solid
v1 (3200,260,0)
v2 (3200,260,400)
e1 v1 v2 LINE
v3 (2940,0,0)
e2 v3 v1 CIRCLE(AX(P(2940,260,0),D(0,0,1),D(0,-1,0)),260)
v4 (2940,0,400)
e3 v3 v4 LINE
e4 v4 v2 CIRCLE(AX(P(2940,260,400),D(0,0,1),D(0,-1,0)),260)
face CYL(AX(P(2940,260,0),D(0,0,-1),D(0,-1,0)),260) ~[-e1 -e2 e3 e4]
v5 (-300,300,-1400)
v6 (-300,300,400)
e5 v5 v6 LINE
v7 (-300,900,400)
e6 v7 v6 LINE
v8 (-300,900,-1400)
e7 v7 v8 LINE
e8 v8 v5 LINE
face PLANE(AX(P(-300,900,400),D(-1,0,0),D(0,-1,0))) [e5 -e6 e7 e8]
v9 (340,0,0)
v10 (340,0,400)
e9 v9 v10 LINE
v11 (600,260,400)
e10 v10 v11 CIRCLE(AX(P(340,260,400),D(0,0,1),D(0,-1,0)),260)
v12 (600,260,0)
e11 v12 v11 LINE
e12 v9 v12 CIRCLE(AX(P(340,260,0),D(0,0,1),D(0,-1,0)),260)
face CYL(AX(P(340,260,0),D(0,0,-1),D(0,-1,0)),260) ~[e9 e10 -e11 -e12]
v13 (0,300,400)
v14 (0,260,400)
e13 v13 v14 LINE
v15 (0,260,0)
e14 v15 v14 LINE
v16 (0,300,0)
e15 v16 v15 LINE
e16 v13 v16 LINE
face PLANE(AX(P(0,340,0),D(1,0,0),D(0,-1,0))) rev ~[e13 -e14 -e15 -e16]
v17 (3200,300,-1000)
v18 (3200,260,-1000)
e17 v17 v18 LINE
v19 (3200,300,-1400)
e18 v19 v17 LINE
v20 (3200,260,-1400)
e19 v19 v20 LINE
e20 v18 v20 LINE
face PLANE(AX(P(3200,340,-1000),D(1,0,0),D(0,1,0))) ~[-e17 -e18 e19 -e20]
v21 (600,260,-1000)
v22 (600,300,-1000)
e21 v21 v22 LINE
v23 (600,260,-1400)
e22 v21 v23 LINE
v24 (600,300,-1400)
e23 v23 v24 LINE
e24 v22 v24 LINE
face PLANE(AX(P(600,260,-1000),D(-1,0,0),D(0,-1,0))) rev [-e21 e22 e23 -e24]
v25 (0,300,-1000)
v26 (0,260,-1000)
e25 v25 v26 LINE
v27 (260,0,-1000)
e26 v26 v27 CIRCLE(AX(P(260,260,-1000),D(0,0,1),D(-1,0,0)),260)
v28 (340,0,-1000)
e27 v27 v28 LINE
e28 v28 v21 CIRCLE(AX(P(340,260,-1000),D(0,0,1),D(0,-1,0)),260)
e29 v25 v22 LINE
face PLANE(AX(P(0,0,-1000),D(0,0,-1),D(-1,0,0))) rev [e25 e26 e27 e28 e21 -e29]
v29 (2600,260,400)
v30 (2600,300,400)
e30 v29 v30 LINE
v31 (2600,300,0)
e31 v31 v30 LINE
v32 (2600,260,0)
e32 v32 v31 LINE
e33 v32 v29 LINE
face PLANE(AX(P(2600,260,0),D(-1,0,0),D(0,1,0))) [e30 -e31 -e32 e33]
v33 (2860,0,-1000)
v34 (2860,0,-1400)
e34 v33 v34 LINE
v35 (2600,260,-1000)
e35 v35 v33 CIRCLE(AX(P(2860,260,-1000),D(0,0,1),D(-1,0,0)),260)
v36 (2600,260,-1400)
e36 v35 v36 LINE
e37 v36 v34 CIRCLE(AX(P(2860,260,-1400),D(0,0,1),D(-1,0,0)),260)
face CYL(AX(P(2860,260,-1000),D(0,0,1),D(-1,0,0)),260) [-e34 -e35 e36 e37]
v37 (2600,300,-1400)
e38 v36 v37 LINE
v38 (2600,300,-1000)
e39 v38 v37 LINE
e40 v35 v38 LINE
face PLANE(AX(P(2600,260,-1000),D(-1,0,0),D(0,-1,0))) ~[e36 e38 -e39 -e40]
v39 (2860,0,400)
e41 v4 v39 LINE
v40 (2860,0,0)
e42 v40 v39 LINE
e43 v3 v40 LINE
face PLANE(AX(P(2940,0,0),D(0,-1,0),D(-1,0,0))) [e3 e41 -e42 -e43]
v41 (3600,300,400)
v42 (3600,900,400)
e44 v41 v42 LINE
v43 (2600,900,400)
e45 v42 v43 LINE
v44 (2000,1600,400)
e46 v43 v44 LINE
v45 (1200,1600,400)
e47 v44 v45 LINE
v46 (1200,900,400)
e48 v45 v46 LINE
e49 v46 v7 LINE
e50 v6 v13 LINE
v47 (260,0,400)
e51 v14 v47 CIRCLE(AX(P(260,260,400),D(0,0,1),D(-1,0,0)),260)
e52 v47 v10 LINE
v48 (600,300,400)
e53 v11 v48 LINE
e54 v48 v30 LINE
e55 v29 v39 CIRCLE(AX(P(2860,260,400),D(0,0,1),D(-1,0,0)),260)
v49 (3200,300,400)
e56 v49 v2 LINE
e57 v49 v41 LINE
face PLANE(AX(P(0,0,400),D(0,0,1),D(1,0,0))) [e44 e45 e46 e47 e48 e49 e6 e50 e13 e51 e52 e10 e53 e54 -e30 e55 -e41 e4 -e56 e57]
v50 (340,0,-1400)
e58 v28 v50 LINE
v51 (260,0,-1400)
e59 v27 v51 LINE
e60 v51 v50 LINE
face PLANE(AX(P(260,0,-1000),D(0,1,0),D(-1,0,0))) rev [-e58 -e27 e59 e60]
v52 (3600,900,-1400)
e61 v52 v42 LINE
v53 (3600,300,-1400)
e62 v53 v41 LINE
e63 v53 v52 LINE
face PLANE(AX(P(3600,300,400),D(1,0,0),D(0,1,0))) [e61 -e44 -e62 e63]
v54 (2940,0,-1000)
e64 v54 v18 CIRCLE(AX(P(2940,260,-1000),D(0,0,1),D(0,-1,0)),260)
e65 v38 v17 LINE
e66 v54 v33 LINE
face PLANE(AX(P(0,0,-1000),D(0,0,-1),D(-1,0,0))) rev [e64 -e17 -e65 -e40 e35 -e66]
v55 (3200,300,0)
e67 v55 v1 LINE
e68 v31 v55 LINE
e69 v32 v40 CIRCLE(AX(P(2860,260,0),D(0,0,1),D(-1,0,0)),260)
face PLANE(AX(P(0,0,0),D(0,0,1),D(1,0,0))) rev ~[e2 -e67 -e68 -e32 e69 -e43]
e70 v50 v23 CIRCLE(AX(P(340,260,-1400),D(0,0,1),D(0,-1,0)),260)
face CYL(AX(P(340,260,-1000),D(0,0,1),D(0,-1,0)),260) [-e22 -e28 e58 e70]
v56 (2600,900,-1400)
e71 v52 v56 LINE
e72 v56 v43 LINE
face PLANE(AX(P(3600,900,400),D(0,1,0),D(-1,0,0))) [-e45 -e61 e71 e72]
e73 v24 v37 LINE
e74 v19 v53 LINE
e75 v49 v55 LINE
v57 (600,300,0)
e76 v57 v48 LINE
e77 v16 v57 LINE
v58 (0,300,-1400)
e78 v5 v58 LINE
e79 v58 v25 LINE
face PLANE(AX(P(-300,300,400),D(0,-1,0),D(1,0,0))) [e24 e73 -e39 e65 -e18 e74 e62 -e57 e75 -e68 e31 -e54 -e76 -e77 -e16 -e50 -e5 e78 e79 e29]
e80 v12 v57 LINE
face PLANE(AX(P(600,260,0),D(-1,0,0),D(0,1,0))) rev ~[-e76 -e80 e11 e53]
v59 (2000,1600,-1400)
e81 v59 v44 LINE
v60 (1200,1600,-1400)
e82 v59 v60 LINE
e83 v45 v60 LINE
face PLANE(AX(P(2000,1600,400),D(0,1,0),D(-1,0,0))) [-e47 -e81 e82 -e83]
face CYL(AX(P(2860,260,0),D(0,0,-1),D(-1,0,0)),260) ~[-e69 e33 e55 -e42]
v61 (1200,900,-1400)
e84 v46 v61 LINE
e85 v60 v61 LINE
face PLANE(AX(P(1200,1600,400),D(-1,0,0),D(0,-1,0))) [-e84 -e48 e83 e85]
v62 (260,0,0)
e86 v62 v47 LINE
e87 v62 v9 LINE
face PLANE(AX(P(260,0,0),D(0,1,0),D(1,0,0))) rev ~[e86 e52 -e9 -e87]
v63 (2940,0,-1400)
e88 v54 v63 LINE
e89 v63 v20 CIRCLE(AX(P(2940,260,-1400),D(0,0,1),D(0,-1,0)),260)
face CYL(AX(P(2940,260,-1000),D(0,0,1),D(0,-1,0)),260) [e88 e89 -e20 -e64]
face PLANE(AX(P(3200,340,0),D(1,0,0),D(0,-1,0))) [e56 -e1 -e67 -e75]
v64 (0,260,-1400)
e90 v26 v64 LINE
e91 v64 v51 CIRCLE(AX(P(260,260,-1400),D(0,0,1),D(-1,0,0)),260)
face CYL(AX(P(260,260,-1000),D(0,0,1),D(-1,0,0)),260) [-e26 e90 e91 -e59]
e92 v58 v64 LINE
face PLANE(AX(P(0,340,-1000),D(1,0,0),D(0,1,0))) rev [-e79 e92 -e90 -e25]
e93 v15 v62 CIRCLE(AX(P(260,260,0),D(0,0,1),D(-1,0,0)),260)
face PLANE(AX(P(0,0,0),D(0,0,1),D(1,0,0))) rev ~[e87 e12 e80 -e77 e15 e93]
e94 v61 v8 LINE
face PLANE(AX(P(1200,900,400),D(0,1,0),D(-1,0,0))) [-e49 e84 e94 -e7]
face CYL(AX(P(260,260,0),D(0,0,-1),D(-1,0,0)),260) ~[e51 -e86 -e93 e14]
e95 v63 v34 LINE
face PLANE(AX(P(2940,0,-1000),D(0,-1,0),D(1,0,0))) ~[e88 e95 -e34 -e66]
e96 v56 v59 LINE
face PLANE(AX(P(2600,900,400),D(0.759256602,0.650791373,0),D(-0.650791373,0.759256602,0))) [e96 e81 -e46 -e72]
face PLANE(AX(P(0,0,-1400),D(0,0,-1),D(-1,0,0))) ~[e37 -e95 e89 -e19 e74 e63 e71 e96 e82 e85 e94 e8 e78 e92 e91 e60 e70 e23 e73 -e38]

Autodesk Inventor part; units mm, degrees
ref_plane "YZ Plane" through (0, 0, 0) normal (1, 0, 0) x (0, 1, 0)
ref_plane "XZ Plane" through (0, 0, 0) normal (0, 1, 0) x (-1, 0, 0)
ref_plane "XY Plane" through (0, 0, 0) normal (0, 0, 1) x (1, 0, 0)
sketch "Sketch1" plane through (0, 0, 0) normal (0, 0, 1) x (1, 0, 0)
  line L0 (260, 0) -> (340, 0)
  line L1 (600, 260) -> (600, 340)
  line L2 (340, 600) -> (260, 600)
  line L3 (0, 340) -> (0, 260)
  line L4 (2860, 600) -> (2940, 600)
  line L5 (3200, 340) -> (3200, 260)
  line L6 (2940, 0) -> (2860, 0)
  line L7 (2600, 260) -> (2600, 340)
  arc A0 (2, 600) -> (0, 598) centre (2, 598) ccw
  arc A1 (0, 260) -> (260, 0) centre (260, 260) ccw
  arc A2 (340, 0) -> (600, 260) centre (340, 260) ccw
  arc A3 (600, 340) -> (340, 600) centre (340, 340) ccw
  arc A4 (260, 600) -> (0, 340) centre (260, 340) ccw
  arc A5 (2860, 600) -> (2600, 340) centre (2860, 340) ccw
  arc A6 (2600, 260) -> (2860, 0) centre (2860, 260) ccw
  arc A7 (2940, 0) -> (3200, 260) centre (2940, 260) ccw
  arc A8 (3200, 340) -> (2940, 600) centre (2940, 340) ccw
  point P0 (0, 0)
  point P1 (600, 600)
  point P2 (600, 0)
  point P3 (0, 600)
  point P4 (2600, 600)
  point P5 (3200, 0)
  point P6 (3200, 600)
  dimension "d0" = 600
  dimension "d1" = 600
  dimension "d2" = 600
  dimension "d3" = 2000
  dimension "d5" = 260
extrude "Extrusion1" add sketch "Sketch1" along normal blind 400
sketch "Sketch2" plane through (0, 0, 400) normal (0, 0, 1) x (1, 0, 0)
  line L0 (-300, 300) -> (3600, 300)
  line L1 (3600, 300) -> (3600, 900)
  line L2 (3600, 900) -> (2600, 900)
  line L3 (2600, 900) -> (2000, 1600)
  line L4 (2000, 1600) -> (1200, 1600)
  line L5 (1200, 1600) -> (1200, 900)
  line L6 (1200, 900) -> (-300, 900)
  line L7 (-300, 900) -> (-300, 300)
  line L8 (260, 0) -> (340, 0) projected
  line L9 (0, 340) -> (0, 260) projected
  line L10 (3200, 260) -> (3200, 340) projected
  point P0 (0, 0)
  dimension "d8" = 300
  dimension "d9" = 600
  dimension "d10" = 300
  dimension "d11" = 400
  dimension "d12" = 700
  dimension "d13" = 800
  dimension "d14" = 1000
  dimension "d15" = 1500
extrude "Extrusion2" add sketch "Sketch2" against normal blind 900
mirror "Mirror1" about plane through (1639.4502, 743.1128, -500) normal (0, 0, -1)
ref_plane "Work Plane1" through (2600, 300, -500) normal (0, 0, -1) x (-1, 0, 0)
ref_plane "Work Plane2" through (1650, 300, 400) normal (1, 0, 0) x (0, 0, -1)
properties part number "car"
